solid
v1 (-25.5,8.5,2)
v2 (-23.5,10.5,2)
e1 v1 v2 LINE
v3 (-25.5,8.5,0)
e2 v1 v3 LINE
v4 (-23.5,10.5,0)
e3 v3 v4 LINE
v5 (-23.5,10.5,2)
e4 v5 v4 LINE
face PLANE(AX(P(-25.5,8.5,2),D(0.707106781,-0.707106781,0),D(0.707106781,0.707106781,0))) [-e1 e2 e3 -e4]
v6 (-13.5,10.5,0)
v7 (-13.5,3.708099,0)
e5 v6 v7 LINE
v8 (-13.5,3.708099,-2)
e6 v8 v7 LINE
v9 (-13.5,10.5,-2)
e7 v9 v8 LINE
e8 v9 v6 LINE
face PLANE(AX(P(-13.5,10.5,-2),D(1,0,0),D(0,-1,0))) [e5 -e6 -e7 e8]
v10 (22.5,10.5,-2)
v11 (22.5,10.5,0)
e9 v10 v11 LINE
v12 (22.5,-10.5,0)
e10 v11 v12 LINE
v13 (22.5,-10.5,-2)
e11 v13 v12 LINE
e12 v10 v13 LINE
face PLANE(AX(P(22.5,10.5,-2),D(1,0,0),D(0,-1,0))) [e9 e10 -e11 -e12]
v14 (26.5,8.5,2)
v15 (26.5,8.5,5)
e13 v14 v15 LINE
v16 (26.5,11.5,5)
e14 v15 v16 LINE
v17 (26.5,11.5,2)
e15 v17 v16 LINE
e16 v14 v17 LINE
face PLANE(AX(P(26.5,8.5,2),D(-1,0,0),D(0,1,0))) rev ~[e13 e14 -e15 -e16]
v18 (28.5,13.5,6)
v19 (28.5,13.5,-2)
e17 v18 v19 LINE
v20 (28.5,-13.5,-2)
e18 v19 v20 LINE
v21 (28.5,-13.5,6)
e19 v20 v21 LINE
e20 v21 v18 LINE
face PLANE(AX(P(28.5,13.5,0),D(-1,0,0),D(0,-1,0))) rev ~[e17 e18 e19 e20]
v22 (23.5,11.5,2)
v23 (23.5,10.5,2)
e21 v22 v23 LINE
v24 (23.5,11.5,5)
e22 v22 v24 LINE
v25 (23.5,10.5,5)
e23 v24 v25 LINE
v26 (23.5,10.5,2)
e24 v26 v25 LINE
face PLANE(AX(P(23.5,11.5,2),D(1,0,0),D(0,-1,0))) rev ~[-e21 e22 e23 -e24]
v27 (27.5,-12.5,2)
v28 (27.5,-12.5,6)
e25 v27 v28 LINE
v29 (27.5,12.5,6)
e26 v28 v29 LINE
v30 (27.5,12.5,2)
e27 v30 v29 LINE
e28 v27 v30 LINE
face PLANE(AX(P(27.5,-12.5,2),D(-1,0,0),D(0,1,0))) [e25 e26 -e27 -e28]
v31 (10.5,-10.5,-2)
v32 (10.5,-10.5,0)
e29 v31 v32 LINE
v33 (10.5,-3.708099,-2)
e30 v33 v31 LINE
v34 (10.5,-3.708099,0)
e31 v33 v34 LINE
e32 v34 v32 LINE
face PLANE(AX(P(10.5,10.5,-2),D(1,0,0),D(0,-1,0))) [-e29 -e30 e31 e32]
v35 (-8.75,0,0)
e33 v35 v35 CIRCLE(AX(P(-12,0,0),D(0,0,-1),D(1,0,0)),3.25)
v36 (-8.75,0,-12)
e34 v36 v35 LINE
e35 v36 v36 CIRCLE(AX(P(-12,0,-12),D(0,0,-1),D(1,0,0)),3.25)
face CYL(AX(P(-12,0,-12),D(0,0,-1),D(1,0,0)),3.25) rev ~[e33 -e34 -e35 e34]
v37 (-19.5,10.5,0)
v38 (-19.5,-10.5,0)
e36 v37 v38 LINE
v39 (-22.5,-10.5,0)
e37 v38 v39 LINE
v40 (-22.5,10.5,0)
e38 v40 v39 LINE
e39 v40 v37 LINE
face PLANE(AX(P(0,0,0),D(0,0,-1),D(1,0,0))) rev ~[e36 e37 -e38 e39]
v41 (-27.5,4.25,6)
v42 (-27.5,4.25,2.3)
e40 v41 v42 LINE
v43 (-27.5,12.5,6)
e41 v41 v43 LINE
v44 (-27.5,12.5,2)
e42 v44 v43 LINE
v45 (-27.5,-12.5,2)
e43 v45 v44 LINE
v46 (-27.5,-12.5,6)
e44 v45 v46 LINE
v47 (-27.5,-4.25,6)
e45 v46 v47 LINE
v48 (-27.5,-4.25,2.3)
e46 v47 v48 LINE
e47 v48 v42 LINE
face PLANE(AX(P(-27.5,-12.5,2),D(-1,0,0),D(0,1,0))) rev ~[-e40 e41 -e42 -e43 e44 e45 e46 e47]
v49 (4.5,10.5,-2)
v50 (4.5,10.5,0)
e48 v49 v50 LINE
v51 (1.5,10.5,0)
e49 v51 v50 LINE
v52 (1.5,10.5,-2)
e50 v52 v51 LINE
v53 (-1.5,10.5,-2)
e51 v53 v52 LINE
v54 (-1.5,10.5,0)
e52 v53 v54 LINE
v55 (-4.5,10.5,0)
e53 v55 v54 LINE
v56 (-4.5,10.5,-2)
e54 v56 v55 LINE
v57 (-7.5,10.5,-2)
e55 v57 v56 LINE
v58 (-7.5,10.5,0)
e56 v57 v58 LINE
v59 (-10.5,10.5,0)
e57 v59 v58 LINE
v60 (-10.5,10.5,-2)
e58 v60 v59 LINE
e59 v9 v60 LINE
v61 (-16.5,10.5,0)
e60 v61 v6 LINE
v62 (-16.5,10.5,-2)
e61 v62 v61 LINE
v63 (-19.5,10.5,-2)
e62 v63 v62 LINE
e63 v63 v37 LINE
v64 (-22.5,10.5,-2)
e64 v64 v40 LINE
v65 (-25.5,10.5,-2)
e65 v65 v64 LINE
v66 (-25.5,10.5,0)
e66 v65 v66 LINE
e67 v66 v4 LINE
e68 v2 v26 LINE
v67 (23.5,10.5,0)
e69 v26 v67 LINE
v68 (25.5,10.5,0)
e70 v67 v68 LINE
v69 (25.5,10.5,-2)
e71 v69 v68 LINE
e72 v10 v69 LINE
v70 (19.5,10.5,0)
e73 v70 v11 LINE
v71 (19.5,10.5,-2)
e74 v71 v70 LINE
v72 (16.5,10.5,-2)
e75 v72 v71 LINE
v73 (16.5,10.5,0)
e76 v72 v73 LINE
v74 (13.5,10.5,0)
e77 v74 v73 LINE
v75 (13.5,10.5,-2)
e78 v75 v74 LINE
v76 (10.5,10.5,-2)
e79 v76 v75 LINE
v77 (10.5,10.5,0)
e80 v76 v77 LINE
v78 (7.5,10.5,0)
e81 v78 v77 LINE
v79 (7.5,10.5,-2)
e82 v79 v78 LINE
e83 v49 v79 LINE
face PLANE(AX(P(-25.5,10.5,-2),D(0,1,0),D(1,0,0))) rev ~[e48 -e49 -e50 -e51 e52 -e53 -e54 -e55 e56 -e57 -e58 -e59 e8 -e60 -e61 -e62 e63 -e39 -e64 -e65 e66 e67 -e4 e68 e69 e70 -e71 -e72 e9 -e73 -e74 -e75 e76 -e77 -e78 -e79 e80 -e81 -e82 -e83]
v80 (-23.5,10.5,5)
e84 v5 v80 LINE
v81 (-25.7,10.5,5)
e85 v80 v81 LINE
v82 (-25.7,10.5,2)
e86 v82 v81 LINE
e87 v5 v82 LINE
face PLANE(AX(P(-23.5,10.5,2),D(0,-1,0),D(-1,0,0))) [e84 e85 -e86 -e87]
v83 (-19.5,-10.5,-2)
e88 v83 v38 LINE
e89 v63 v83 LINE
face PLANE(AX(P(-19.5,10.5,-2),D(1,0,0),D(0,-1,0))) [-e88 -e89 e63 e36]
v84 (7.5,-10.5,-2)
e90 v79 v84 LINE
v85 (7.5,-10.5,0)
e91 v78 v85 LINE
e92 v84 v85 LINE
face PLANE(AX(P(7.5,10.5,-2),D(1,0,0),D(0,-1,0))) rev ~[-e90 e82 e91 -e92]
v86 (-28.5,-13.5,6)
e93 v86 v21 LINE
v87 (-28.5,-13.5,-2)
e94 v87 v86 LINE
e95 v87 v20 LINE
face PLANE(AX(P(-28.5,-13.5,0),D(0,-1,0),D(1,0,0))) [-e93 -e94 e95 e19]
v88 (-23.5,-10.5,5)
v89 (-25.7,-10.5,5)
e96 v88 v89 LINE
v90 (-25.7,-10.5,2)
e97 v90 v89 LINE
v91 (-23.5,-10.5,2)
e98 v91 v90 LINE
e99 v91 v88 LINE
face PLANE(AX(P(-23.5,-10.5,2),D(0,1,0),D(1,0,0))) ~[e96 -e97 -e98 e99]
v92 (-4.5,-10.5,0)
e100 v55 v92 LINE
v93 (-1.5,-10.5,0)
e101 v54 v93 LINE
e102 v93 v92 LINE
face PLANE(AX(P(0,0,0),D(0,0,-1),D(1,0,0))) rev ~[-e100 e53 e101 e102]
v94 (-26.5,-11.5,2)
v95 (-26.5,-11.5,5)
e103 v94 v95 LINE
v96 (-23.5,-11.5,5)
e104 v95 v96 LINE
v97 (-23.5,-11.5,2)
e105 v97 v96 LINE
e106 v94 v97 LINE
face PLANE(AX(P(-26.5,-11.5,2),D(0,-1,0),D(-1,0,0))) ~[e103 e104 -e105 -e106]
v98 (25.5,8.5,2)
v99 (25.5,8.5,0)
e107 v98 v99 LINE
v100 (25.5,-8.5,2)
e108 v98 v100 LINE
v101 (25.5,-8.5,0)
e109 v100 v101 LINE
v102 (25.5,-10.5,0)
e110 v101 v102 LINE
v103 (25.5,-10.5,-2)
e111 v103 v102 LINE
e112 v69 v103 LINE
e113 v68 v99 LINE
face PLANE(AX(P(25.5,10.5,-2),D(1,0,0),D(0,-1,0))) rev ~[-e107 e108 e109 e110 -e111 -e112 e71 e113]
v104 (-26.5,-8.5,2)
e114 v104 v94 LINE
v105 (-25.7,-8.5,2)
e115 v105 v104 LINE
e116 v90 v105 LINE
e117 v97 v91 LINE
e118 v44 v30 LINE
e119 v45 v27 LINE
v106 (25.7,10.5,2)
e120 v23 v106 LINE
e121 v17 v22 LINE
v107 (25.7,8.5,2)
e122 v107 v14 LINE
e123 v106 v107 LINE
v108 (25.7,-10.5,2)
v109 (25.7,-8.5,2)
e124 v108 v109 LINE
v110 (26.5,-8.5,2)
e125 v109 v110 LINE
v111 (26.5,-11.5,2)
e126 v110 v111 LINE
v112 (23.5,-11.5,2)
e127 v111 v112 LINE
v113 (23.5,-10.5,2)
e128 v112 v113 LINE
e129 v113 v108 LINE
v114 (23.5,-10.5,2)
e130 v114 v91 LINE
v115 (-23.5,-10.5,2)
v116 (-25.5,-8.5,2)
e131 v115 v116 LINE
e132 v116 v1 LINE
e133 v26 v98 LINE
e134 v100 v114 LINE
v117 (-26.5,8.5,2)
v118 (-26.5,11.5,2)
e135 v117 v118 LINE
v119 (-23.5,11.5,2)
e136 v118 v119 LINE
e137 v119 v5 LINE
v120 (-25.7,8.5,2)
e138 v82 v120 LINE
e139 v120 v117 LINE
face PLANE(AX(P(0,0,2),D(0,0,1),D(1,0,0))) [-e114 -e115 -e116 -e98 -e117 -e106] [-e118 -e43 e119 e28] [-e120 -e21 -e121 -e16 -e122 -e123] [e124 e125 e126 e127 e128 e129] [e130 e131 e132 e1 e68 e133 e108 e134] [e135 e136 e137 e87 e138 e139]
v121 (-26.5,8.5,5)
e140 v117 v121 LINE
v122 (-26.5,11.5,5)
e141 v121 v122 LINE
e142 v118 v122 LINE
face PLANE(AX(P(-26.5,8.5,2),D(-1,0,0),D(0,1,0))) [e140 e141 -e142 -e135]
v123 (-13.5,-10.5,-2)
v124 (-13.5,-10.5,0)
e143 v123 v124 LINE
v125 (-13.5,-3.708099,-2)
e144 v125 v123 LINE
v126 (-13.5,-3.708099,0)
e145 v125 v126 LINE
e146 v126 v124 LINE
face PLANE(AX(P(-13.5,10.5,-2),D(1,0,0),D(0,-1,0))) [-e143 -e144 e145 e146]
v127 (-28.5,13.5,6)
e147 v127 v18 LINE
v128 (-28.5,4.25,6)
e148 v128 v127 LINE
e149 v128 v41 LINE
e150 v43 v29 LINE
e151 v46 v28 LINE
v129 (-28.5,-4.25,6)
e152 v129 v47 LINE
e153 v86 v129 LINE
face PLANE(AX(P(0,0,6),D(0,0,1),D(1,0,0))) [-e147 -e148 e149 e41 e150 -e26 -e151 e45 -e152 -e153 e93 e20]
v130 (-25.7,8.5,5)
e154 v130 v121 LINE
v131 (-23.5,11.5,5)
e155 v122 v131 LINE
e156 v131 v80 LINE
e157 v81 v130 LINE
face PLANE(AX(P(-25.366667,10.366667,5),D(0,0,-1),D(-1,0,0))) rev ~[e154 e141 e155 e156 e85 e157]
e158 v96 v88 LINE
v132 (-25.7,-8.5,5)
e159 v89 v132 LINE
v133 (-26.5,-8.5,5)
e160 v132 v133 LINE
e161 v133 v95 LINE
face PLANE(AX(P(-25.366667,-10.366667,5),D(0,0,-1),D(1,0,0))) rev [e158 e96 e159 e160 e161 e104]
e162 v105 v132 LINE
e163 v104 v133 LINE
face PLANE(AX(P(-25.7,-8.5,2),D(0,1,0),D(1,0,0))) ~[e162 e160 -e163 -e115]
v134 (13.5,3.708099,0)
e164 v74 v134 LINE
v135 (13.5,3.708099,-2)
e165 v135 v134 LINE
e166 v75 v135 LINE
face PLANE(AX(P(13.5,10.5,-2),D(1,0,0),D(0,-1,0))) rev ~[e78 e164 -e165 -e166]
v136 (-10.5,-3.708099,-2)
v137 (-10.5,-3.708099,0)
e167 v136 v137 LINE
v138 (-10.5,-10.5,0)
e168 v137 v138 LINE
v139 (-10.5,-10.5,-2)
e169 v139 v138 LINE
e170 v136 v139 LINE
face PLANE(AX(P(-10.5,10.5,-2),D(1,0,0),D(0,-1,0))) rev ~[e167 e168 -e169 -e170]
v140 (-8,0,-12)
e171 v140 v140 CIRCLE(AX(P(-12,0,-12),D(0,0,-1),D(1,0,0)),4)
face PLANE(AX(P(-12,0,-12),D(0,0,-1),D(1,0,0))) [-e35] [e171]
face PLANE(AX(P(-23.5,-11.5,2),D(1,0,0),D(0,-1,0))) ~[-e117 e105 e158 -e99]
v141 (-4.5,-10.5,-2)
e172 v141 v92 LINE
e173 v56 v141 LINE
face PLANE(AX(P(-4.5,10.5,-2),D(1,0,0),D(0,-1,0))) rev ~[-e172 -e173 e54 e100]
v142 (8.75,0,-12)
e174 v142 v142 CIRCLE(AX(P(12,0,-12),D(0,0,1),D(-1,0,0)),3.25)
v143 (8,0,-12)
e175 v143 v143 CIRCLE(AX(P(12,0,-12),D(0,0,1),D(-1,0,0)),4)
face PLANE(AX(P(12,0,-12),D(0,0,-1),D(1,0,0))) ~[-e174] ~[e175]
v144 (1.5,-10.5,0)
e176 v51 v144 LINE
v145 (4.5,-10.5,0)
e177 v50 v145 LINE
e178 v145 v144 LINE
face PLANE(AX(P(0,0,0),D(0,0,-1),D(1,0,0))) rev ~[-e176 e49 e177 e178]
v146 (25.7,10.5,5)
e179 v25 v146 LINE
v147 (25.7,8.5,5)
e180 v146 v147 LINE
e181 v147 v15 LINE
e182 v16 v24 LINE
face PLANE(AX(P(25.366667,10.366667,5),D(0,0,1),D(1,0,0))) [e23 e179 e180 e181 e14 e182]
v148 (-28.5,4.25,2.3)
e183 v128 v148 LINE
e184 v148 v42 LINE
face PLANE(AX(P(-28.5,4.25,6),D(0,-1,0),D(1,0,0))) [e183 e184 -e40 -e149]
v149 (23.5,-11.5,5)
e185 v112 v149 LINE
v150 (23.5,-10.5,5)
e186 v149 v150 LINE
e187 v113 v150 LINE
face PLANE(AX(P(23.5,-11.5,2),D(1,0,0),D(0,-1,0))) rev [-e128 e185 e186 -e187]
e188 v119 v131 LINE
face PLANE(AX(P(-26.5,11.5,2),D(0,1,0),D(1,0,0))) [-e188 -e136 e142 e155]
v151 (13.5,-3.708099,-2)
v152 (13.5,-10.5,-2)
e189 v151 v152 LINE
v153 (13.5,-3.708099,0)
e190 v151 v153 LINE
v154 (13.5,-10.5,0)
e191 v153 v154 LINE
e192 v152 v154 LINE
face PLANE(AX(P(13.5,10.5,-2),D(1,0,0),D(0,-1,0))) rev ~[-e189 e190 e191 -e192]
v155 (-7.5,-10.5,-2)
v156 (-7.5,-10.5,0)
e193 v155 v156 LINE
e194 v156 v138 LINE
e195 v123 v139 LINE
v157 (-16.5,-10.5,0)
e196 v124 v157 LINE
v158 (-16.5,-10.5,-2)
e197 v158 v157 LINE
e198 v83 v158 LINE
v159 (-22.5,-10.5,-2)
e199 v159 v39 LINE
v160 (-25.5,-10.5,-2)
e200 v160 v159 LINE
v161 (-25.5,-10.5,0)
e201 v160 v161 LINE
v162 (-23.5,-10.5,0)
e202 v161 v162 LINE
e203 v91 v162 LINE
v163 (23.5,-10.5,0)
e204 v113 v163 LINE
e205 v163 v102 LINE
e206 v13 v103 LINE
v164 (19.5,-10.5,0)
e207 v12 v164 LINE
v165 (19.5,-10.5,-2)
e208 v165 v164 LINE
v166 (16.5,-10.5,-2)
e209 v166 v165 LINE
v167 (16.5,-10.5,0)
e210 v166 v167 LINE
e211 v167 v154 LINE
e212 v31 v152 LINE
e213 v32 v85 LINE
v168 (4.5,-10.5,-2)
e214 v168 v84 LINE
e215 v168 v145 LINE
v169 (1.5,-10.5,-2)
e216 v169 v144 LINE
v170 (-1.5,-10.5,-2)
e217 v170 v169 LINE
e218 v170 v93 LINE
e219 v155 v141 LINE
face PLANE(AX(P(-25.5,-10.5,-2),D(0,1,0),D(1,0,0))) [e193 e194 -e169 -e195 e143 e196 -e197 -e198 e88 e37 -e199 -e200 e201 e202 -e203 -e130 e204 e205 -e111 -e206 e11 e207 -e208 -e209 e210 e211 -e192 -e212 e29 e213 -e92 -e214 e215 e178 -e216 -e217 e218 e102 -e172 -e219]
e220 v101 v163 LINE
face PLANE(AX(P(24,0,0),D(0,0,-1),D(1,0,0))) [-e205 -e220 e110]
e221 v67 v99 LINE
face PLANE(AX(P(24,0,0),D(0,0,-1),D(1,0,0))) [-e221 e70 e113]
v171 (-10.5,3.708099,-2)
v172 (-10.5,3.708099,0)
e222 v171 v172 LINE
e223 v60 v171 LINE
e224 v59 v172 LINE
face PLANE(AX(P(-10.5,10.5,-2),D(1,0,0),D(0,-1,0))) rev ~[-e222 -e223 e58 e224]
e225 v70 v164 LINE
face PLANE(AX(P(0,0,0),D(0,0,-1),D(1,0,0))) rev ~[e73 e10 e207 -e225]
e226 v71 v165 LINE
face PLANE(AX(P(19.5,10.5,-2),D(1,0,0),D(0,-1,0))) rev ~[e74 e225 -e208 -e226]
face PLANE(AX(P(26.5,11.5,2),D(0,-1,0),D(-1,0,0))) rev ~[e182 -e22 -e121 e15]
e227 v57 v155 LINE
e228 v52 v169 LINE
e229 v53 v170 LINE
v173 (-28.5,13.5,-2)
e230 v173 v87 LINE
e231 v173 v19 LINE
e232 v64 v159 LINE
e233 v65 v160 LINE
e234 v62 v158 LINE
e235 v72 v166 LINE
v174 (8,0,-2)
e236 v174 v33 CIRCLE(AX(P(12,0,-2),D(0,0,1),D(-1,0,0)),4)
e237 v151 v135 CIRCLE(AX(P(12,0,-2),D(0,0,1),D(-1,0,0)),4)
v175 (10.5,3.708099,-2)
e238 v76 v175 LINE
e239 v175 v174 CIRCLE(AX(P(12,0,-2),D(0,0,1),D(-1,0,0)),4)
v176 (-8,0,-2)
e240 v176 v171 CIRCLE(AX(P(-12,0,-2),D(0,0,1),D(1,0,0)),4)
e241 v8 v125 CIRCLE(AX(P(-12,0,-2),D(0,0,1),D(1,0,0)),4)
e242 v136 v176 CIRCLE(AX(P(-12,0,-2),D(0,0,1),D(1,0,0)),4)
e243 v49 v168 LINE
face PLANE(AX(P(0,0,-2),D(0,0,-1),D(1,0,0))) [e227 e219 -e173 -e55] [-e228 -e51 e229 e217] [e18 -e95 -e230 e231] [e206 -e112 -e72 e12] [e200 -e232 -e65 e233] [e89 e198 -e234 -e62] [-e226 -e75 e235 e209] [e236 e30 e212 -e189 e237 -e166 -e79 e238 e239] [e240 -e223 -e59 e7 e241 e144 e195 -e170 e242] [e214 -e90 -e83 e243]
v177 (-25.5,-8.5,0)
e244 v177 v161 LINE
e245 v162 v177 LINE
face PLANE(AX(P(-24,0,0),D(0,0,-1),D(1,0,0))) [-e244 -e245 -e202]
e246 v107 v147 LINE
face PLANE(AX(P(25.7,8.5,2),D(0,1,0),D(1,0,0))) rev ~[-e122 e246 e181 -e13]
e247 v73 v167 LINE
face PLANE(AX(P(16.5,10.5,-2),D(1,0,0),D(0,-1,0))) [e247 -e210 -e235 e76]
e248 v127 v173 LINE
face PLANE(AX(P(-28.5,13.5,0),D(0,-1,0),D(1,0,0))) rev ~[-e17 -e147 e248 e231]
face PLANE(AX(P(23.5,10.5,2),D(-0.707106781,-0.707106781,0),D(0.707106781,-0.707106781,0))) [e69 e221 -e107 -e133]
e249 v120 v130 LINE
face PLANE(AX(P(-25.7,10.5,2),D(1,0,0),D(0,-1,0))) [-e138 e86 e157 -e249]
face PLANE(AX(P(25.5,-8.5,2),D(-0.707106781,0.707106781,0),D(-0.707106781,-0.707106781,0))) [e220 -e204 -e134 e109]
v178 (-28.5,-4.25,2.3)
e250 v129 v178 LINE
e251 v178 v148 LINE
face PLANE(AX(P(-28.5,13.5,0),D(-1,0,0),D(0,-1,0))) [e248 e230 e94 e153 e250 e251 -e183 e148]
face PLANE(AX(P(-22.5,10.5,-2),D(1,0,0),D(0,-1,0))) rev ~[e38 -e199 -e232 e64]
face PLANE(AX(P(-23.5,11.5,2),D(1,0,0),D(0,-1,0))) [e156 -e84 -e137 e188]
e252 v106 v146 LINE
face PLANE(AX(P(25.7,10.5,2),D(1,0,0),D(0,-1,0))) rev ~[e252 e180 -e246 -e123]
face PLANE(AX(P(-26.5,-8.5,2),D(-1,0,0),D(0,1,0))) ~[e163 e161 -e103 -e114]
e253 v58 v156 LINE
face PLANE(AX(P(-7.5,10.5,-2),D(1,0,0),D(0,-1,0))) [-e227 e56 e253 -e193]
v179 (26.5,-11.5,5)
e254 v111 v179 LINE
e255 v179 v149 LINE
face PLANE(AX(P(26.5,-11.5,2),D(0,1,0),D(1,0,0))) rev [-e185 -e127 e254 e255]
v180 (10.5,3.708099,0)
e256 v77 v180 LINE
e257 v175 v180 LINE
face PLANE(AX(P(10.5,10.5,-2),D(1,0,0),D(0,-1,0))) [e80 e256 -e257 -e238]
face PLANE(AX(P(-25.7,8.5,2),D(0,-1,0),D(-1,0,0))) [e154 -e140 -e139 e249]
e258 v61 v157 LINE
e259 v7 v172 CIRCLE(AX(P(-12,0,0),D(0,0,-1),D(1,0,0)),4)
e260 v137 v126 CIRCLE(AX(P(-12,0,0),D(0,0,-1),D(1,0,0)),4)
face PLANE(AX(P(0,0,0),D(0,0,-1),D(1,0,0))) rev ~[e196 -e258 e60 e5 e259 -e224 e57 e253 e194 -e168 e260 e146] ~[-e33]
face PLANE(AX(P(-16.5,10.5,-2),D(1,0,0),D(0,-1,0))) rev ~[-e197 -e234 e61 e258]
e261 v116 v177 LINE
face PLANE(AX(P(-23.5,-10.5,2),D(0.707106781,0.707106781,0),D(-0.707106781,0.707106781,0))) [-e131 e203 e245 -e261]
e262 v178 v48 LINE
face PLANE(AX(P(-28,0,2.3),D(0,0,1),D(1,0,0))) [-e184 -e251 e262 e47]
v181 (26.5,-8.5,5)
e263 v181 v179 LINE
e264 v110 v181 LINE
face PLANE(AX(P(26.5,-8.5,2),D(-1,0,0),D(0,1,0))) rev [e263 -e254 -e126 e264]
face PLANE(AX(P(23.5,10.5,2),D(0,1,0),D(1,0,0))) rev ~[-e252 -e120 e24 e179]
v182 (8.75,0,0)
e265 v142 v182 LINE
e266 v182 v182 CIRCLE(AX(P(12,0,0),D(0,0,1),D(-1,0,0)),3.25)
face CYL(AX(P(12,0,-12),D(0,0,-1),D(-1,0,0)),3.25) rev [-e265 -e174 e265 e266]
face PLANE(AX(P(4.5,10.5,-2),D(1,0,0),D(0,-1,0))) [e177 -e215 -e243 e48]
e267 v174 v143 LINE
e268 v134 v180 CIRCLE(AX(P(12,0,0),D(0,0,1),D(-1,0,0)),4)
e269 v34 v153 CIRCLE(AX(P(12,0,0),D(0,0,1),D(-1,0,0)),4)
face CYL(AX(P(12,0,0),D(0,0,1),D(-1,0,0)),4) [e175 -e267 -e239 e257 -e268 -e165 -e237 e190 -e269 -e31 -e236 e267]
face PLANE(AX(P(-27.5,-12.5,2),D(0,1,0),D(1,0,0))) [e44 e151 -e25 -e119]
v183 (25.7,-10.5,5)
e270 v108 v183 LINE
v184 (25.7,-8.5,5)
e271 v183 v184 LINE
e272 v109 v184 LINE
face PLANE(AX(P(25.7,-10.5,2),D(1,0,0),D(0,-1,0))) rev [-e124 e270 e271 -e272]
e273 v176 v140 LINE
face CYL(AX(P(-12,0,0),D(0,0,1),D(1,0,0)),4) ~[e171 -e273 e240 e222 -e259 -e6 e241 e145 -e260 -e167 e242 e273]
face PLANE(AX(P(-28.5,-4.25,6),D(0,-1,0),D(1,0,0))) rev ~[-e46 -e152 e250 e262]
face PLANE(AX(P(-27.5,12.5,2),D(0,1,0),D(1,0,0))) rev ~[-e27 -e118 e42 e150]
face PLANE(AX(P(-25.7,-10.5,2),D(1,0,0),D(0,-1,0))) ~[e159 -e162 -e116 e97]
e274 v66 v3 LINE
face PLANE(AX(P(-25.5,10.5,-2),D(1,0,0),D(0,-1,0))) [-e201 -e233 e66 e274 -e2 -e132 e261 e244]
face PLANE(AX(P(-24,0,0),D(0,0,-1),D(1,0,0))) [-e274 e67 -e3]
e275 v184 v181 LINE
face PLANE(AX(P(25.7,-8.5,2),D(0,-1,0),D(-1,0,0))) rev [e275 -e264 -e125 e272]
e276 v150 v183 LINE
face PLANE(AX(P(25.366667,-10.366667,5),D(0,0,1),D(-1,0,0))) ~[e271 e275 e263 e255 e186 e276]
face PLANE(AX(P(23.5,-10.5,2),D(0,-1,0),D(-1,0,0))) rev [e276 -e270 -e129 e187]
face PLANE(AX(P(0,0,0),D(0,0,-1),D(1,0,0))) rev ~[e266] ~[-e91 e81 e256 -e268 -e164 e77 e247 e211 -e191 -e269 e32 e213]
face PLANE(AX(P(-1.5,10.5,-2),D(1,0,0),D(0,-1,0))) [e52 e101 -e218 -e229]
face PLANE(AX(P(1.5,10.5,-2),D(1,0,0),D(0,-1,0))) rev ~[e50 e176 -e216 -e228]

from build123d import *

# Parameters (mm, degrees)
SKETCH_W                = 57
SKETCH_H                = 27
PAD_DEPTH               = 2
PAD001_DEPTH            = 3
PAD001_MIRRORED_2_DEPTH = 3
POCKET_DEPTH            = 2
SKETCH003_W             = 57
SKETCH003_H             = 27
SKETCH003_W_2           = 55
SKETCH003_H_2           = 25
PAD002_DEPTH            = 4
SKETCH004_W             = 1
SKETCH004_H             = 8.5
POCKET001_DEPTH         = 3.7
SKETCH005_W             = 57
SKETCH005_H             = 27
PAD003_DEPTH            = 2
SKETCH006_W             = 3
SKETCH006_H             = 21
POCKET002_DEPTH         = 2
LINEARPATTERN_COUNT     = 10
LINEARPATTERN_PITCH     = 6
SKETCH007_R             = 4
PAD004_DEPTH            = 12
SKETCH008_R             = 3.25
POCKET003_DEPTH         = 12


with BuildPart() as part:
    # Sketch → Pad (new body)
    with BuildSketch(Plane.XY):
        Rectangle(SKETCH_W, SKETCH_H)
    extrude(amount=PAD_DEPTH)

    # Sketch001 (on Face6 of Pad) → Pad001 (join)
    with BuildSketch(Plane.XY.offset(2)):
        Polygon((-26.5, 11.5), (-23.5, 11.5), (-23.5, 10.5), (-25.7, 10.5), (-25.7, 8.5), (-26.5, 8.5), align=None)
    pad001 = extrude(amount=PAD001_DEPTH)

    # Sketch001 Mirrored 2 → Pad001 Mirrored 2 (add)
    with BuildSketch(Plane(origin=(0, 0, 2), x_dir=(-1, 0, 0), z_dir=(0, 0, -1))):
        Polygon((-26.5, 11.5), (-23.5, 11.5), (-23.5, 10.5), (-25.7, 10.5), (-25.7, 8.5), (-26.5, 8.5), align=None)
    pad001_mirrored_2 = extrude(amount=-PAD001_MIRRORED_2_DEPTH)

    # Mirrored001: Pad001, Pad001 Mirrored 2 across Sketch001 H_Axis
    add(pad001.mirror(Plane(origin=(0, 0, 2), x_dir=(0, 0, 1), z_dir=(0, 1, 0))))
    add(pad001_mirrored_2.mirror(Plane(origin=(0, 0, 2), x_dir=(0, 0, 1), z_dir=(0, 1, 0))))

    # Sketch002 (on Face5 of MultiTransform) → Pocket (cut)
    with BuildSketch(Plane.XY.offset(2)):
        Polygon((23.5, 10.5), (25.5, 8.5), (25.5, -8.5), (23.5, -10.5), (-23.5, -10.5), (-25.5, -8.5), (-25.5, 8.5), (-23.5, 10.5), align=None)
    extrude(amount=-POCKET_DEPTH, mode=Mode.SUBTRACT)

    # Sketch003 (on Face5 of Pocket) → Pad002 (join)
    with BuildSketch(Plane.XY.offset(2)):
        Rectangle(SKETCH003_W, SKETCH003_H)
        Rectangle(SKETCH003_W_2, SKETCH003_H_2, mode=Mode.SUBTRACT)
    extrude(amount=PAD002_DEPTH)

    # Sketch004 (on Face17 of Pad002) → Pocket001 (cut)
    with BuildSketch(Plane.XY.offset(6)):
        with Locations((-28, 0)):
            Rectangle(SKETCH004_W, SKETCH004_H)
    extrude(amount=-POCKET001_DEPTH, mode=Mode.SUBTRACT)

    # Sketch005 (on Face4 of Pocket001) → Pad003 (join)
    with BuildSketch(Plane(origin=(0, 0, 0), x_dir=(1, 0, 0), z_dir=(0, 0, -1))):
        Rectangle(SKETCH005_W, SKETCH005_H)
    extrude(amount=PAD003_DEPTH)

    # Sketch006 (on Face11 of Pad003) → Pocket002 (cut)
    with BuildSketch(Plane(origin=(0, 0, -2), x_dir=(1, 0, 0), z_dir=(0, 0, -1))):
        with Locations((-24, 0)):
            Rectangle(SKETCH006_W, SKETCH006_H)
    pocket002 = extrude(amount=-POCKET002_DEPTH, mode=Mode.SUBTRACT)

    # LinearPattern: Pocket002 ×10
    with Locations(*[(i * LINEARPATTERN_PITCH, 0, 0) for i in range(1, LINEARPATTERN_COUNT)]):
        add(pocket002, mode=Mode.SUBTRACT)

    # Sketch007 (on Face62 of LinearPattern) → Pad004 (join)
    with BuildSketch(Plane(origin=(0, 0, 0), x_dir=(1, 0, 0), z_dir=(0, 0, -1))):
        with Locations((-12, 0)):
            Circle(SKETCH007_R)
    pad004 = extrude(amount=PAD004_DEPTH)

    # Sketch008 (on Face72 of Pad004) → Pocket003 (cut)
    with BuildSketch(Plane(origin=(0, 0, -12), x_dir=(1, 0, 0), z_dir=(0, 0, -1))):
        with Locations((-12, 0)):
            Circle(SKETCH008_R)
    pocket003 = extrude(amount=-POCKET003_DEPTH, mode=Mode.SUBTRACT)

    # Mirrored002: Pad004 across Sketch007 V_Axis
    add(pad004.mirror(Plane(origin=(0, 0, 0), x_dir=(0, 0, -1), z_dir=(1, 0, 0))))

    # Mirrored003: Pocket003 across Sketch008 V_Axis
    add(pocket003.mirror(Plane(origin=(0, 0, -12), x_dir=(0, 0, -1), z_dir=(1, 0, 0))), mode=Mode.SUBTRACT)


solid = part.part
